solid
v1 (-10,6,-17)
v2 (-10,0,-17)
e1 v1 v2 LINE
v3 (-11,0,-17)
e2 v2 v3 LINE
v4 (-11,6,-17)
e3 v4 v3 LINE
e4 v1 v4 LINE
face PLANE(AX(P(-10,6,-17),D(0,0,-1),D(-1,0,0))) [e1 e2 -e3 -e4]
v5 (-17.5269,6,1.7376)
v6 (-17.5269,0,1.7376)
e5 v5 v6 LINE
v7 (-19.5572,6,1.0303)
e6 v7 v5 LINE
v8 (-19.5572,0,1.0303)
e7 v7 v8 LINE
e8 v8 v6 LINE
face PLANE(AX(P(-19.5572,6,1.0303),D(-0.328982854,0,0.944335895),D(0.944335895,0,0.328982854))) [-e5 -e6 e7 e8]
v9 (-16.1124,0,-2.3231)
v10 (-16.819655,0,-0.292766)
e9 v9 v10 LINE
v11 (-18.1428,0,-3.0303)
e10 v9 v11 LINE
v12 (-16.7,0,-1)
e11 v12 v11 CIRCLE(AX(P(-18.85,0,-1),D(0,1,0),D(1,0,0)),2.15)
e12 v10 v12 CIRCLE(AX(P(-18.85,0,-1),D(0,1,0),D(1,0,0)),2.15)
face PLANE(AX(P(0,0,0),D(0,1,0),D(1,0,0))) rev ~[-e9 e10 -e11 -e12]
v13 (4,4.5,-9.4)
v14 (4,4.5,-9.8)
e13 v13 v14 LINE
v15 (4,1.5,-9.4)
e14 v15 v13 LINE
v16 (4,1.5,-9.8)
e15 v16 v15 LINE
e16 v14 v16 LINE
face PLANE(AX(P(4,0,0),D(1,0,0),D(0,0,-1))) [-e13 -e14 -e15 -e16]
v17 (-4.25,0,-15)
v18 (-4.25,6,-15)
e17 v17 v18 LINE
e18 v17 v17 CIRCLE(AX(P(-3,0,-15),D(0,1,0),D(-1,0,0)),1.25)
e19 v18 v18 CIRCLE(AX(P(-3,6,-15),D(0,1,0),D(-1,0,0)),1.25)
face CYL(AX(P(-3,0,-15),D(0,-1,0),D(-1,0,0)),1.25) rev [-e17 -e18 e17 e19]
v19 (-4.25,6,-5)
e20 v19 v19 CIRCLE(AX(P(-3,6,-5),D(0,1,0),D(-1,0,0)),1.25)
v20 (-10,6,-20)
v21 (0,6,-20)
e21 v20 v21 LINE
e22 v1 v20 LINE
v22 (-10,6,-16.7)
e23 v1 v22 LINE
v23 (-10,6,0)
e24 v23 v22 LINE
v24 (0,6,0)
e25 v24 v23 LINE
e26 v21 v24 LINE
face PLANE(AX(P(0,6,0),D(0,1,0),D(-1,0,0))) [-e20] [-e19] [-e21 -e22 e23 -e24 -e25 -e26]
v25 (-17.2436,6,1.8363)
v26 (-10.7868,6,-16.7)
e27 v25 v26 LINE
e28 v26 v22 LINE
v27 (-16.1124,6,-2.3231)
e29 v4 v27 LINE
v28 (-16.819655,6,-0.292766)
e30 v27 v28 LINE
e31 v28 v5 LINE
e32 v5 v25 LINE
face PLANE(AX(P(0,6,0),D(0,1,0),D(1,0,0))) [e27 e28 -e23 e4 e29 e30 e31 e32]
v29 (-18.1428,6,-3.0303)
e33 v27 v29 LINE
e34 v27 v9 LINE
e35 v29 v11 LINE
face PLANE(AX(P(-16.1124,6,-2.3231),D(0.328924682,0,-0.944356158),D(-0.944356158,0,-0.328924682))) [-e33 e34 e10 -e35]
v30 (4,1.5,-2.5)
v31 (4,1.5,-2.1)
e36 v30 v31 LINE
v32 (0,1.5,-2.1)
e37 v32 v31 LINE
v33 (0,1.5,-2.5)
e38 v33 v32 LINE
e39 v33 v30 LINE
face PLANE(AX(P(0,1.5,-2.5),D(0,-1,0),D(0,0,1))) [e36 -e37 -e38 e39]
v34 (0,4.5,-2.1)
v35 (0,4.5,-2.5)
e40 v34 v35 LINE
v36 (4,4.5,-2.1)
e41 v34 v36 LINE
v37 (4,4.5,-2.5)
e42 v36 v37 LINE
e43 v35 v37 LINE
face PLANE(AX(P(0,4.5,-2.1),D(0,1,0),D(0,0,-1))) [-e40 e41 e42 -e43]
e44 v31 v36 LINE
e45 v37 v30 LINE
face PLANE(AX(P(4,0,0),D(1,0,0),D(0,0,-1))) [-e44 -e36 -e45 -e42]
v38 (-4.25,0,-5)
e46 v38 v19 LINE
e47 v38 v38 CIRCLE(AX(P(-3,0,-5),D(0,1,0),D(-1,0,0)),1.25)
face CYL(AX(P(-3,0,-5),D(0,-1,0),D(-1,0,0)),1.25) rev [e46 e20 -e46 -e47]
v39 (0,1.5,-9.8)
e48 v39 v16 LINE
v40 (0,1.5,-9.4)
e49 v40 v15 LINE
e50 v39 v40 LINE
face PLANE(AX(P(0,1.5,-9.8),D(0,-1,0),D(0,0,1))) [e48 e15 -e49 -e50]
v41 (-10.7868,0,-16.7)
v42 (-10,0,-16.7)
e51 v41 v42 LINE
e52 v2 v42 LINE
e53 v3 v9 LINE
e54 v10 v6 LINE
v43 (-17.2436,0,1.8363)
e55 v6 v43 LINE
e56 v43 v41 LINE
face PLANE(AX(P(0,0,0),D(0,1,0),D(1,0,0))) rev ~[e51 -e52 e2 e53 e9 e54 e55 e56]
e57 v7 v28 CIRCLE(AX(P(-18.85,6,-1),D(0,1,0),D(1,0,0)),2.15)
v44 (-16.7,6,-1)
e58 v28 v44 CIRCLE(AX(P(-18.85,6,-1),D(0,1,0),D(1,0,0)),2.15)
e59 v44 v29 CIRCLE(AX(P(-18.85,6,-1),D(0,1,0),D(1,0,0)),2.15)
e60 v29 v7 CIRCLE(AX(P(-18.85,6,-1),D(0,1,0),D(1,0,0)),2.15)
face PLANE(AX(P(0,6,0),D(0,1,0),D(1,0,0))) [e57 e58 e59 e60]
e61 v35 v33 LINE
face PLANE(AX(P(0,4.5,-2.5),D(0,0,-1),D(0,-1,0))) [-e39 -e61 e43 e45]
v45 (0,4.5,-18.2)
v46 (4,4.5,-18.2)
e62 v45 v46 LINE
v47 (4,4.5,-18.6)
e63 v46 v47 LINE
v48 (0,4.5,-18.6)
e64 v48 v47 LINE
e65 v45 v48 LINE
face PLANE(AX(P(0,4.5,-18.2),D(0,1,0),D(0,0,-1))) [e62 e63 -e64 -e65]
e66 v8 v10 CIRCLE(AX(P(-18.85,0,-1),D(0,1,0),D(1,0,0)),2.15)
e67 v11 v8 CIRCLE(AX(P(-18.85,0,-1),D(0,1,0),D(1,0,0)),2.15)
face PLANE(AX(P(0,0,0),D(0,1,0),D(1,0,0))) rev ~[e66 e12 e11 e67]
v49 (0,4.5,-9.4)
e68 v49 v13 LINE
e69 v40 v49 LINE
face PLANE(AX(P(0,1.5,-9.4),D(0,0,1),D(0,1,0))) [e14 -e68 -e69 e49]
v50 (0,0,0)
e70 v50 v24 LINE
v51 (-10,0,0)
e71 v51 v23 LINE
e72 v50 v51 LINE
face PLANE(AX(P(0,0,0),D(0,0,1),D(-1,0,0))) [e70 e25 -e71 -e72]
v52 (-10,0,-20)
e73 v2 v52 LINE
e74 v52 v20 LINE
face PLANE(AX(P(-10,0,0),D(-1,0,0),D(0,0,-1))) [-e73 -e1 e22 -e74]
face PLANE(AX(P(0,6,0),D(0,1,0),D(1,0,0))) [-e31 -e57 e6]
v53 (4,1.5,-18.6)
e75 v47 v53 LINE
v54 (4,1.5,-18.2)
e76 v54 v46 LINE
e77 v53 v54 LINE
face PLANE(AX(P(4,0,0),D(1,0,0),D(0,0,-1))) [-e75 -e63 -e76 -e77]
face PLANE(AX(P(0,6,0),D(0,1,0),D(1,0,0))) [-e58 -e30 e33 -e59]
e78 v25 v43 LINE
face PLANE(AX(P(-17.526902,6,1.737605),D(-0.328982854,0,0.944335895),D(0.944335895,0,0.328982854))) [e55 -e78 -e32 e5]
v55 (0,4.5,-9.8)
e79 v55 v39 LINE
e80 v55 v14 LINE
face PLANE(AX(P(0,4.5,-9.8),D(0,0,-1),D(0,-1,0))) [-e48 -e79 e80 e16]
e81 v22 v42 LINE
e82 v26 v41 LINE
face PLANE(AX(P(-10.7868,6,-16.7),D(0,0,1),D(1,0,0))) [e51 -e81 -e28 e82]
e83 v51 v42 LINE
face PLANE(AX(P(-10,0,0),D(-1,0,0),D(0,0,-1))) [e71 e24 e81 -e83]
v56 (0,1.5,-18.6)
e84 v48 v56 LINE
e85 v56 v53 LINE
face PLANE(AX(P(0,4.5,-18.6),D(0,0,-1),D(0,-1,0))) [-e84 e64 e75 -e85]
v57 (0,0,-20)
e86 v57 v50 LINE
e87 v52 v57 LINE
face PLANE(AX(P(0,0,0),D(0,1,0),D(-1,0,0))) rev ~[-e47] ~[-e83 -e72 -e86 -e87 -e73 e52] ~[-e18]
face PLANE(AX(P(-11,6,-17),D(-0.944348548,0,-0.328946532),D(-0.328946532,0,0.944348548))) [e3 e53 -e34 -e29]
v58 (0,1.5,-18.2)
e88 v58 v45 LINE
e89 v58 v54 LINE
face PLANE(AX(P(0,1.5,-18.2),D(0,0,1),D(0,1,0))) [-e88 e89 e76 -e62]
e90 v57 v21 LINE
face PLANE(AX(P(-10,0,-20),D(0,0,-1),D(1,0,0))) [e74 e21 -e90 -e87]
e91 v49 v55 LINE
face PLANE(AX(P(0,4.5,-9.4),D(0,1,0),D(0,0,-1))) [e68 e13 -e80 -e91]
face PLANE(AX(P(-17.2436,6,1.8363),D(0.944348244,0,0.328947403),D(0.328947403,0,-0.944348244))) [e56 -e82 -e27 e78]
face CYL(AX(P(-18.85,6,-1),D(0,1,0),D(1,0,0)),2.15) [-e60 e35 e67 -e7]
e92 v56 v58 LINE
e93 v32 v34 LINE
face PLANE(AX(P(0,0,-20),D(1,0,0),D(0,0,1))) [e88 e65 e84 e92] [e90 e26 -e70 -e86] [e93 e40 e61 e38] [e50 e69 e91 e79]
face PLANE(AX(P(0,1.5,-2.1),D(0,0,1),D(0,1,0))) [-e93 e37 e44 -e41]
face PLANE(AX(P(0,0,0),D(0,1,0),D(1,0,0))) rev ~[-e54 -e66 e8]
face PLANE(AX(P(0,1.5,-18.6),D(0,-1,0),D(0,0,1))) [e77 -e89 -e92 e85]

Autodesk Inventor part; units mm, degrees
ref_plane "YZ Plane" through (0, 0, 0) normal (1, 0, 0) x (0, 1, 0)
ref_plane "XZ Plane" through (0, 0, 0) normal (0, 1, 0) x (-1, 0, 0)
ref_plane "XY Plane" through (0, 0, 0) normal (0, 0, 1) x (1, 0, 0)
sketch "Sketch1" plane through (0, 0, 0) normal (0, 1, 0) x (-1, 0, 0)
  line L0 (0, 0) -> (10, 0)
  line L1 (10, 0) -> (10, -20)
  line L2 (10, -20) -> (0, -20)
  line L3 (0, -20) -> (0, 0)
  circle A0 centre (3, -5) radius 1.25
  circle A1 centre (3, -15) radius 1.25
  dimension "d0" = 10
  dimension "d1" = 20
  dimension "d2" = 2.5
  dimension "d3" = 2.5
  dimension "d4" = 3
  dimension "d5" = 3
  dimension "d6" = 5
  dimension "d7" = 5
extrude "Extrusion1" add sketch "Sketch1" along normal blind 6
sketch "Sketch2" plane through (0, 6, 0) normal (0, 1, 0) x (1, 0, 0)
  line L0 (0, 20) -> (-10, 20) projected
  line L1 (-10, 20) -> (-10, 0) projected
  line L2 (-10, 0) -> (0, 0) projected
  line L3 (0, 0) -> (0, 20) projected
  circle A0 centre (-3, 15) radius 1.25 projected
  circle A1 centre (-3, 5) radius 1.25 projected
  circle A2 centre (-18.85, 1) radius 2.15
  line L4 (-10, 20) -> (-10, 0) projected
  line L5 (-10, 17) -> (-11, 17)
  line L6 (-11, 17) -> (-17.5269, -1.7376)
  line L7 (-16.1124, 2.3231) -> (-18.1428, 3.0303)
  line L8 (-19.5572, -1.0303) -> (-17.2436, -1.8363)
  line L9 (-17.2436, -1.8363) -> (-10.7868, 16.7)
  line L10 (-10.7868, 16.7) -> (-10, 16.7)
  dimension "d10" = 4.3
  dimension "d11" = 18.85
  dimension "d12" = 1
  dimension "d13" = 1
  dimension "d15" = 3
  dimension "d16" = 0.3
  dimension "d17" = 0.3
extrude "Extrusion2" add sketch "Sketch2" against normal blind 6 contours L1 L10 L9 L8 L6 L5 | L6 A2 L7 | L6 L8 A2 | A2
sketch "Sketch3" plane through (0, 0, 0) normal (1, 0, 0) x (0, 0, -1)
  line L0 (2.1, 4.5) -> (2.5, 4.5)
  line L1 (2.5, 4.5) -> (2.5, 1.5)
  line L2 (2.5, 1.5) -> (2.1, 1.5)
  line L3 (2.1, 1.5) -> (2.1, 4.5)
  line L4 (0, 0) -> (20, 0) projected
  line L5 (20, 0) -> (20, 6) projected
  line L6 (0, 6) -> (20, 6) projected
  line L7 (0, 0) -> (0, 6) projected
  line L8 (9.4, 4.5) -> (9.8, 4.5)
  line L9 (9.8, 4.5) -> (9.8, 1.5)
  line L10 (9.8, 1.5) -> (9.4, 1.5)
  line L11 (9.4, 1.5) -> (9.4, 4.5)
  line L12 (18.2, 4.5) -> (18.6, 4.5)
  line L13 (18.6, 4.5) -> (18.6, 1.5)
  line L14 (18.6, 1.5) -> (18.2, 1.5)
  line L15 (18.2, 1.5) -> (18.2, 4.5)
  dimension "d20" = 3
  dimension "d21" = 3
  dimension "d22" = 3
  dimension "d23" = 0.4
  dimension "d24" = 0.4
  dimension "d25" = 0.4
  dimension "d26" = 1.5
  dimension "d27" = 1.5
  dimension "d28" = 2.5
  dimension "d29" = 7.7
  dimension "d31" = 16.5
extrude "Extrusion3" add sketch "Sketch3" along normal blind 4 contours L0 L1 L2 L3 | L8 L9 L10 L11 | L12 L13 L14 L15
equation "\"d21\" = d20"
equation "\"d22\" = d21"
equation "\"d24\" = d23"
equation "\"d25\" = d23"
equation "\"d27\" = d26"
properties part number "LimitSwitch"
